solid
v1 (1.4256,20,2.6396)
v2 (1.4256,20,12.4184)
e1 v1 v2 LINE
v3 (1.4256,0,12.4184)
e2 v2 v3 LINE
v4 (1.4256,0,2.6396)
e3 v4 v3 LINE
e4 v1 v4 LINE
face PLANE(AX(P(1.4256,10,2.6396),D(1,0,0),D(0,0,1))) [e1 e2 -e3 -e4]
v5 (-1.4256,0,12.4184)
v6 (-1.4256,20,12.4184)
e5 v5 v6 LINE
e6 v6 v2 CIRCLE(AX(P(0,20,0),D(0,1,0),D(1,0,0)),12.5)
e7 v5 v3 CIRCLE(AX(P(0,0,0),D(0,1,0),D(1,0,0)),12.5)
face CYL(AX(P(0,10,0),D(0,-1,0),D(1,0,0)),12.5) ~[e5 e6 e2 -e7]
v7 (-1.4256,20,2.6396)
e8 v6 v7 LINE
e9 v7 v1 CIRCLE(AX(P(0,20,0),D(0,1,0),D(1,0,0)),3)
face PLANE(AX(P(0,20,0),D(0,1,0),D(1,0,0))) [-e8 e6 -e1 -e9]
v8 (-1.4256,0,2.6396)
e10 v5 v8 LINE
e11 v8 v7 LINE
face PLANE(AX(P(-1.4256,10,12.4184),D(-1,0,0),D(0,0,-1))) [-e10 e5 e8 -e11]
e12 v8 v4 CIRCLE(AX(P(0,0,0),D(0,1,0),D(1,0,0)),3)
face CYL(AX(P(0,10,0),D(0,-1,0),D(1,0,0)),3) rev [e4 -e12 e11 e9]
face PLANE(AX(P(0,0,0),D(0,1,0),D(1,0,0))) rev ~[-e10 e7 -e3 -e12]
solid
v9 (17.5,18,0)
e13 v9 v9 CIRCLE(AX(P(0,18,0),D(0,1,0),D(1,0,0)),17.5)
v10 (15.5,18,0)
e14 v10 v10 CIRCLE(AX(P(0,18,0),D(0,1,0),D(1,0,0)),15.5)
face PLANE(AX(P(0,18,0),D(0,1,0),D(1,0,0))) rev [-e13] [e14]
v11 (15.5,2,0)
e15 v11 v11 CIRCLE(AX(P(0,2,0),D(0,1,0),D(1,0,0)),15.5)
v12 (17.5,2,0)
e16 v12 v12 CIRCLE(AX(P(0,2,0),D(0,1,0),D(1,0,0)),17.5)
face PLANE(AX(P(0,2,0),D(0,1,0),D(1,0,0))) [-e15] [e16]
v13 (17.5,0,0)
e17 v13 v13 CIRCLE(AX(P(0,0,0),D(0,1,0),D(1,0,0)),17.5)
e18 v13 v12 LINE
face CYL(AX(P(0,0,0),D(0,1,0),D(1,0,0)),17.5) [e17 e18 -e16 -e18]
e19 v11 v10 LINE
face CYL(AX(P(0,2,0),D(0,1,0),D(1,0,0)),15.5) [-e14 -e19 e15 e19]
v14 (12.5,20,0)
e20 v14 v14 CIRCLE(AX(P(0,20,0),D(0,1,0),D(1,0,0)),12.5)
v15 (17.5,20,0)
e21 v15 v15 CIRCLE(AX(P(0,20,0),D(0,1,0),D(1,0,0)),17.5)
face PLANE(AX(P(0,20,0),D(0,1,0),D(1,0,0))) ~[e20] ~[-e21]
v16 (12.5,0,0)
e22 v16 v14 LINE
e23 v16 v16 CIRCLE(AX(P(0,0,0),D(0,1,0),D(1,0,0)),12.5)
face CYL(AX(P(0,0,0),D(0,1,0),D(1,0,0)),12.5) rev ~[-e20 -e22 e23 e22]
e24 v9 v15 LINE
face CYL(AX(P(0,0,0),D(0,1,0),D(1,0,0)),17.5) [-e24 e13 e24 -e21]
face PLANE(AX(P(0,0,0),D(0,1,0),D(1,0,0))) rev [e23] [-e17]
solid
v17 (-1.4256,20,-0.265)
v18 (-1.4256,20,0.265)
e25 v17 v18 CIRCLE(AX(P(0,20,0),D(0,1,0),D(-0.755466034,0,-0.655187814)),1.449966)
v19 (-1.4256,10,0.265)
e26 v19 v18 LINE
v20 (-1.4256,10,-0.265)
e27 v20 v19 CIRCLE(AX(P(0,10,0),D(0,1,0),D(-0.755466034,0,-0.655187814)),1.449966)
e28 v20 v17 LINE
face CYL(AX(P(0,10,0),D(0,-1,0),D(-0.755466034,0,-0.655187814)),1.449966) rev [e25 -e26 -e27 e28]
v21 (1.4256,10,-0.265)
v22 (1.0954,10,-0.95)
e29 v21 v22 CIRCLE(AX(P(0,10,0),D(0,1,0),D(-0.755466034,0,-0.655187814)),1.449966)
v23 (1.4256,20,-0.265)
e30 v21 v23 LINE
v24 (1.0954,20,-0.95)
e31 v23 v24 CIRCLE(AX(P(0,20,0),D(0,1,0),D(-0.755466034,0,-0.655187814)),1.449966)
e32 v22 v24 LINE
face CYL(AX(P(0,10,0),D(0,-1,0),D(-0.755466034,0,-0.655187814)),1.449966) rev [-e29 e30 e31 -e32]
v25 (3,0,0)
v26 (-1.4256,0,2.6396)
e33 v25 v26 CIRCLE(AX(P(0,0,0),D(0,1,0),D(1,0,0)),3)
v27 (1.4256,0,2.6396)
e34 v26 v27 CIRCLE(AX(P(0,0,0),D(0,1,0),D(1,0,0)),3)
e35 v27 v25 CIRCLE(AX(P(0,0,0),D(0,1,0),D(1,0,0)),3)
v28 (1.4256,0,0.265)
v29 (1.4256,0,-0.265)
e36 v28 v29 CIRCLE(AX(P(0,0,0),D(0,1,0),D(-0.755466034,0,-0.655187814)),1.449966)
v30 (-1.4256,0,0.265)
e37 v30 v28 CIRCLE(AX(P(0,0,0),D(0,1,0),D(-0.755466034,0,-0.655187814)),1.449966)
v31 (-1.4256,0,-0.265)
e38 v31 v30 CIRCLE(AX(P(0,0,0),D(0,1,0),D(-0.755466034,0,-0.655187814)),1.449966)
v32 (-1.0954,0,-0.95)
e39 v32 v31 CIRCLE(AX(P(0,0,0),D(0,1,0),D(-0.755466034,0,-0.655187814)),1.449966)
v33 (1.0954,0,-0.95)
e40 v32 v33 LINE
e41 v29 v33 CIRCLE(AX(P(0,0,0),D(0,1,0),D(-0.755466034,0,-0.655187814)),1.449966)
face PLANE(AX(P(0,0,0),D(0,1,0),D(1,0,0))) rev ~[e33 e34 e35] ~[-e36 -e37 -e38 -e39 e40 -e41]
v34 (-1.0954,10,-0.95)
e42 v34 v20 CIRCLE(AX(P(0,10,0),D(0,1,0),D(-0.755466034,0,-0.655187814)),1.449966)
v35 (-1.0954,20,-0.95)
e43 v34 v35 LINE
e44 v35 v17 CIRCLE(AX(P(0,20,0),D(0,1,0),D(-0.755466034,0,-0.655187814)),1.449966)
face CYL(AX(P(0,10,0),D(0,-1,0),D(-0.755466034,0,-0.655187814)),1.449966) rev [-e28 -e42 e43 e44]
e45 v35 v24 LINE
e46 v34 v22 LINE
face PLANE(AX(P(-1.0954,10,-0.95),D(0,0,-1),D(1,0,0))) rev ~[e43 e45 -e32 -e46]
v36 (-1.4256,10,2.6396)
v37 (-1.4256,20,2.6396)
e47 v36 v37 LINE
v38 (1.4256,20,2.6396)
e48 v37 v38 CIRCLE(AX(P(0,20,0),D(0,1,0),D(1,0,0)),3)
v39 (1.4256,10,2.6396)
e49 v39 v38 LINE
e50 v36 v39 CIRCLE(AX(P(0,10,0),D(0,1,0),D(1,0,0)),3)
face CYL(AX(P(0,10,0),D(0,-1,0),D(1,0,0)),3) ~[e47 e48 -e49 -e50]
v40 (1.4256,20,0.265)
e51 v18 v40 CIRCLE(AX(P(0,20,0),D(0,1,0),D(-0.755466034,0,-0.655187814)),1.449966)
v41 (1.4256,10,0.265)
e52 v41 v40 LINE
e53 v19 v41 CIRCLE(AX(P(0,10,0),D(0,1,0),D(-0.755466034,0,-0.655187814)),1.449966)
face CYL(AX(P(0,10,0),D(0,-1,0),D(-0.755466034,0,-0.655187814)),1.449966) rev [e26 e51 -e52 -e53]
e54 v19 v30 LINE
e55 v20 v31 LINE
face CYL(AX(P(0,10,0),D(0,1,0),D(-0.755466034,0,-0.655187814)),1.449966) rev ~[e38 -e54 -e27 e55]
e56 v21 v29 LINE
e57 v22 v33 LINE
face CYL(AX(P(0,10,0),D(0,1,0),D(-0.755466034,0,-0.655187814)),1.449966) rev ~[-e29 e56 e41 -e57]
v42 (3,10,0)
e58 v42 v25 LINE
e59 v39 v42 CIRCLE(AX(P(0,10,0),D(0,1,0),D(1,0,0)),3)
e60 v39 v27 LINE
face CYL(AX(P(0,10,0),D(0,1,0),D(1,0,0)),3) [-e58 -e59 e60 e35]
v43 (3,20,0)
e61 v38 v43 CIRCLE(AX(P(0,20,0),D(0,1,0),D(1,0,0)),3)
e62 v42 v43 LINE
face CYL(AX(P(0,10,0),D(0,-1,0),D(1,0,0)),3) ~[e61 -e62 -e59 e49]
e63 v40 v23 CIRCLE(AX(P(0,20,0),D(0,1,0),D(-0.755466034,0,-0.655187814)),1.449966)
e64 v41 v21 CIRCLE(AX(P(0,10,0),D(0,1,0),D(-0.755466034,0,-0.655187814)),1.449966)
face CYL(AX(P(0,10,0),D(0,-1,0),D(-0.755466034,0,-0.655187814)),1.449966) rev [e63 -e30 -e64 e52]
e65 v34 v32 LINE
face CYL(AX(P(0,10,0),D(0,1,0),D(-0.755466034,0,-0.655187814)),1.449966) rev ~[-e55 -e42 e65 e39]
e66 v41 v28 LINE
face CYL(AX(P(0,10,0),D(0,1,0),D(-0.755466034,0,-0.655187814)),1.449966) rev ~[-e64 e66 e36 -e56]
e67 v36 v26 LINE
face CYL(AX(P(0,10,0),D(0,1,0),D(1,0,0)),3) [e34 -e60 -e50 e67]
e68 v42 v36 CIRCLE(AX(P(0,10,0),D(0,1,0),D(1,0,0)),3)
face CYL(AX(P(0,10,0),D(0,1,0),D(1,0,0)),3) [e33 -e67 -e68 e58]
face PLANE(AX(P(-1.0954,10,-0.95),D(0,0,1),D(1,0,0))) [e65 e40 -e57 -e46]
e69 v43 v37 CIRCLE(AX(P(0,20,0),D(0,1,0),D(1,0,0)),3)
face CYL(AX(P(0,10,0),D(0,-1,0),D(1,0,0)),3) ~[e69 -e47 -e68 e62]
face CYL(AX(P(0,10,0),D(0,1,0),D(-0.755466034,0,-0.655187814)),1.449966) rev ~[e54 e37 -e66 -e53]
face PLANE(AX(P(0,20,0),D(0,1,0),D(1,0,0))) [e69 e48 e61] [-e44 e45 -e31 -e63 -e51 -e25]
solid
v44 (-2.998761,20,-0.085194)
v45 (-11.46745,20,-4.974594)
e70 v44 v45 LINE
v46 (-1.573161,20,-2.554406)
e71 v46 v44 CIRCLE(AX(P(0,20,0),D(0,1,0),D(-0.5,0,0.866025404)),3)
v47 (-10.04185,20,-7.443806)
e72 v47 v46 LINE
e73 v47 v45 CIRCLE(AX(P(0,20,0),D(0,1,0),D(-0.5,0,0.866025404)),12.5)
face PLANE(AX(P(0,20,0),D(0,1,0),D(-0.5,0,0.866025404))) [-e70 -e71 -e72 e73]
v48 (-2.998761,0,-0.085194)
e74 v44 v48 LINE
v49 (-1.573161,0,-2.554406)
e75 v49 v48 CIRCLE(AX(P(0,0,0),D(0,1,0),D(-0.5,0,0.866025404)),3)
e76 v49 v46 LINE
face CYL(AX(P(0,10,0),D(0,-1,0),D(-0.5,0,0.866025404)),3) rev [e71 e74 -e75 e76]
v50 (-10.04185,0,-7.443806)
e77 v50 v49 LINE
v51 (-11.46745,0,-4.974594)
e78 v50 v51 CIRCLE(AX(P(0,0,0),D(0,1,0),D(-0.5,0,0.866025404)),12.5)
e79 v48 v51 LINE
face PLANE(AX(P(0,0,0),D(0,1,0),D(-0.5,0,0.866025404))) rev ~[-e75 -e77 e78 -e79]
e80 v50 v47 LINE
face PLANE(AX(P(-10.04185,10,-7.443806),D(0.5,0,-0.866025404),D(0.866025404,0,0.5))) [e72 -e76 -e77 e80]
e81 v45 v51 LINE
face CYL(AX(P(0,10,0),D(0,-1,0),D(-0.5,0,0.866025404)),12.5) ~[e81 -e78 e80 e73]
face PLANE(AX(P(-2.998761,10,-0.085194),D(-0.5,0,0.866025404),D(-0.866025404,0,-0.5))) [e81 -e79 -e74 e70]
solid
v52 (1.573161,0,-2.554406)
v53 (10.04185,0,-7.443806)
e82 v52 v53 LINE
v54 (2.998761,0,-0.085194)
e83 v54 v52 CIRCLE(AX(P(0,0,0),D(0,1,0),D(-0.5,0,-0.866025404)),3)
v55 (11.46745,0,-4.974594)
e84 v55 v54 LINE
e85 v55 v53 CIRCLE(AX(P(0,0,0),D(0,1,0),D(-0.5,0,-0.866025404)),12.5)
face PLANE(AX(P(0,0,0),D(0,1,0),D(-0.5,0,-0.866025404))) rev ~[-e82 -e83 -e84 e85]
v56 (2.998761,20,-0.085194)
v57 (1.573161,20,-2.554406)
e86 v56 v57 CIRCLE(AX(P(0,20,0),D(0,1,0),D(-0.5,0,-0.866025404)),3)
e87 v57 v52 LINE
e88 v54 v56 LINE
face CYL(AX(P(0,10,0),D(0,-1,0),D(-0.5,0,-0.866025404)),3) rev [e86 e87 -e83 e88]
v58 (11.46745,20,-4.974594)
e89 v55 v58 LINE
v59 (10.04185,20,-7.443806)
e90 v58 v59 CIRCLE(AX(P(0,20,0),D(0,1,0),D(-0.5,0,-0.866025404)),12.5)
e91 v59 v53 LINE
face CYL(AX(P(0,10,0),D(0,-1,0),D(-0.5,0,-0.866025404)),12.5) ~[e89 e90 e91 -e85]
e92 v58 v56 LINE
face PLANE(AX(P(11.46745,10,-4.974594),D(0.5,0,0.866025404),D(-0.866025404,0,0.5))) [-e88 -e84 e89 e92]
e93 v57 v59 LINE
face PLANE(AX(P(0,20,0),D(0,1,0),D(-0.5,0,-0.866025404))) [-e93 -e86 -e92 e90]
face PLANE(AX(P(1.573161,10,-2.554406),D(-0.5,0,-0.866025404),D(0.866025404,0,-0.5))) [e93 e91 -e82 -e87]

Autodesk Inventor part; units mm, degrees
ref_plane "YZ Plane" through (0, 0, 0) normal (1, 0, 0) x (0, 1, 0)
ref_plane "XZ Plane" through (0, 0, 0) normal (0, 1, 0) x (-1, 0, 0)
sketch "Эскиз1" plane through (0, 0, 0) normal (0, 0, 1) x (1, 0, 0)
  line L0 (0, 0) -> (12.5, 0) construction
  line L1 (12.5, 0) -> (12.5, 20)
  line L2 (12.5, 20) -> (17.5, 20)
  line L3 (17.5, 0) -> (17.5, 20)
  line L4 (12.5, 0) -> (17.5, 0)
  line L5 (0, -4) -> (0, 24) projected
  line L6 (17.5, 0) -> (17.5, 2)
  line L7 (17.5, 2) -> (15.5, 2)
  line L8 (15.5, 2) -> (15.5, 18)
  line L9 (15.5, 18) -> (17.5, 18)
  dimension "d0" = 12.5
  dimension "d1" = 20
  dimension "d2" = 5
  dimension "d21" = 2
  dimension "d22" = 2
revolve "Вращение1" add sketch "Эскиз1" angle 360 about axis through (0, -10, 0) along (0, 1, 0) contours L1 L2 L3 L9 L8 L7 L4
ref_plane "РабПлоскость1" through (0, 10, 0) normal (0, 1, 0) x (1, 0, 0)
sketch "Эскиз5" plane through (0, 10, 0) normal (0, 1, 0) x (1, 0, 0)
  arc A0 (-1.0954, 0.95) -> (1.0954, 0.95) centre (0, 0) ccw
  line L0 (-0.7485, 3.4889) -> (-0.7485, 5.8889)
  line L1 (-1.0954, 0.95) -> (1.0954, 0.95)
  circle A1 centre (0, 0) radius 3
  circle A2 centre (0, 0) radius 12.5 projected
  circle A3 centre (0, 0) radius 12.5 projected
  line L2 (0.1379, -2.9968) -> (1.4256, -12.4184) construction
  line L3 (-1.0015, -2.8279) -> (-1.2803, -12.4343) construction
  line L4 (-0.2687, 22.4233) -> (-0.1215, 22.4233)
  line L5 (1.4256, 0.265) -> (1.4256, -0.265)
  line L6 (1.4256, -2.6396) -> (1.4256, -12.4184)
  line L7 (-1.4256, -12.4184) -> (-1.4256, -2.6396)
  line L8 (-1.4256, -0.265) -> (-1.4256, 0.265)
  arc A4 (-1.4256, -2.6396) -> (1.4256, -2.6396) centre (0, 0) ccw
  arc A5 (-1.4256, -12.4184) -> (1.4256, -12.4184) centre (0, 0) ccw
  dimension "d18" = 2.9
  dimension "d19" = 2.4
  dimension "d20" = 6
extrude "Выдавливание5" add sketch "Эскиз5" along normal mid plane 20 separate body contours A1 L6 A2 L7 picked at (-0.6339, -9.3031)
pattern_circular "Круговой массив2" count 3 over 360 about axis through (0, -10, 0) along (0, 1, 0) of "Выдавливание5" bodies 2
extrude "Выдавливание6" add sketch "Эскиз5" along normal mid plane 20 contours A1 bodies 1
properties part number "Wheel"
